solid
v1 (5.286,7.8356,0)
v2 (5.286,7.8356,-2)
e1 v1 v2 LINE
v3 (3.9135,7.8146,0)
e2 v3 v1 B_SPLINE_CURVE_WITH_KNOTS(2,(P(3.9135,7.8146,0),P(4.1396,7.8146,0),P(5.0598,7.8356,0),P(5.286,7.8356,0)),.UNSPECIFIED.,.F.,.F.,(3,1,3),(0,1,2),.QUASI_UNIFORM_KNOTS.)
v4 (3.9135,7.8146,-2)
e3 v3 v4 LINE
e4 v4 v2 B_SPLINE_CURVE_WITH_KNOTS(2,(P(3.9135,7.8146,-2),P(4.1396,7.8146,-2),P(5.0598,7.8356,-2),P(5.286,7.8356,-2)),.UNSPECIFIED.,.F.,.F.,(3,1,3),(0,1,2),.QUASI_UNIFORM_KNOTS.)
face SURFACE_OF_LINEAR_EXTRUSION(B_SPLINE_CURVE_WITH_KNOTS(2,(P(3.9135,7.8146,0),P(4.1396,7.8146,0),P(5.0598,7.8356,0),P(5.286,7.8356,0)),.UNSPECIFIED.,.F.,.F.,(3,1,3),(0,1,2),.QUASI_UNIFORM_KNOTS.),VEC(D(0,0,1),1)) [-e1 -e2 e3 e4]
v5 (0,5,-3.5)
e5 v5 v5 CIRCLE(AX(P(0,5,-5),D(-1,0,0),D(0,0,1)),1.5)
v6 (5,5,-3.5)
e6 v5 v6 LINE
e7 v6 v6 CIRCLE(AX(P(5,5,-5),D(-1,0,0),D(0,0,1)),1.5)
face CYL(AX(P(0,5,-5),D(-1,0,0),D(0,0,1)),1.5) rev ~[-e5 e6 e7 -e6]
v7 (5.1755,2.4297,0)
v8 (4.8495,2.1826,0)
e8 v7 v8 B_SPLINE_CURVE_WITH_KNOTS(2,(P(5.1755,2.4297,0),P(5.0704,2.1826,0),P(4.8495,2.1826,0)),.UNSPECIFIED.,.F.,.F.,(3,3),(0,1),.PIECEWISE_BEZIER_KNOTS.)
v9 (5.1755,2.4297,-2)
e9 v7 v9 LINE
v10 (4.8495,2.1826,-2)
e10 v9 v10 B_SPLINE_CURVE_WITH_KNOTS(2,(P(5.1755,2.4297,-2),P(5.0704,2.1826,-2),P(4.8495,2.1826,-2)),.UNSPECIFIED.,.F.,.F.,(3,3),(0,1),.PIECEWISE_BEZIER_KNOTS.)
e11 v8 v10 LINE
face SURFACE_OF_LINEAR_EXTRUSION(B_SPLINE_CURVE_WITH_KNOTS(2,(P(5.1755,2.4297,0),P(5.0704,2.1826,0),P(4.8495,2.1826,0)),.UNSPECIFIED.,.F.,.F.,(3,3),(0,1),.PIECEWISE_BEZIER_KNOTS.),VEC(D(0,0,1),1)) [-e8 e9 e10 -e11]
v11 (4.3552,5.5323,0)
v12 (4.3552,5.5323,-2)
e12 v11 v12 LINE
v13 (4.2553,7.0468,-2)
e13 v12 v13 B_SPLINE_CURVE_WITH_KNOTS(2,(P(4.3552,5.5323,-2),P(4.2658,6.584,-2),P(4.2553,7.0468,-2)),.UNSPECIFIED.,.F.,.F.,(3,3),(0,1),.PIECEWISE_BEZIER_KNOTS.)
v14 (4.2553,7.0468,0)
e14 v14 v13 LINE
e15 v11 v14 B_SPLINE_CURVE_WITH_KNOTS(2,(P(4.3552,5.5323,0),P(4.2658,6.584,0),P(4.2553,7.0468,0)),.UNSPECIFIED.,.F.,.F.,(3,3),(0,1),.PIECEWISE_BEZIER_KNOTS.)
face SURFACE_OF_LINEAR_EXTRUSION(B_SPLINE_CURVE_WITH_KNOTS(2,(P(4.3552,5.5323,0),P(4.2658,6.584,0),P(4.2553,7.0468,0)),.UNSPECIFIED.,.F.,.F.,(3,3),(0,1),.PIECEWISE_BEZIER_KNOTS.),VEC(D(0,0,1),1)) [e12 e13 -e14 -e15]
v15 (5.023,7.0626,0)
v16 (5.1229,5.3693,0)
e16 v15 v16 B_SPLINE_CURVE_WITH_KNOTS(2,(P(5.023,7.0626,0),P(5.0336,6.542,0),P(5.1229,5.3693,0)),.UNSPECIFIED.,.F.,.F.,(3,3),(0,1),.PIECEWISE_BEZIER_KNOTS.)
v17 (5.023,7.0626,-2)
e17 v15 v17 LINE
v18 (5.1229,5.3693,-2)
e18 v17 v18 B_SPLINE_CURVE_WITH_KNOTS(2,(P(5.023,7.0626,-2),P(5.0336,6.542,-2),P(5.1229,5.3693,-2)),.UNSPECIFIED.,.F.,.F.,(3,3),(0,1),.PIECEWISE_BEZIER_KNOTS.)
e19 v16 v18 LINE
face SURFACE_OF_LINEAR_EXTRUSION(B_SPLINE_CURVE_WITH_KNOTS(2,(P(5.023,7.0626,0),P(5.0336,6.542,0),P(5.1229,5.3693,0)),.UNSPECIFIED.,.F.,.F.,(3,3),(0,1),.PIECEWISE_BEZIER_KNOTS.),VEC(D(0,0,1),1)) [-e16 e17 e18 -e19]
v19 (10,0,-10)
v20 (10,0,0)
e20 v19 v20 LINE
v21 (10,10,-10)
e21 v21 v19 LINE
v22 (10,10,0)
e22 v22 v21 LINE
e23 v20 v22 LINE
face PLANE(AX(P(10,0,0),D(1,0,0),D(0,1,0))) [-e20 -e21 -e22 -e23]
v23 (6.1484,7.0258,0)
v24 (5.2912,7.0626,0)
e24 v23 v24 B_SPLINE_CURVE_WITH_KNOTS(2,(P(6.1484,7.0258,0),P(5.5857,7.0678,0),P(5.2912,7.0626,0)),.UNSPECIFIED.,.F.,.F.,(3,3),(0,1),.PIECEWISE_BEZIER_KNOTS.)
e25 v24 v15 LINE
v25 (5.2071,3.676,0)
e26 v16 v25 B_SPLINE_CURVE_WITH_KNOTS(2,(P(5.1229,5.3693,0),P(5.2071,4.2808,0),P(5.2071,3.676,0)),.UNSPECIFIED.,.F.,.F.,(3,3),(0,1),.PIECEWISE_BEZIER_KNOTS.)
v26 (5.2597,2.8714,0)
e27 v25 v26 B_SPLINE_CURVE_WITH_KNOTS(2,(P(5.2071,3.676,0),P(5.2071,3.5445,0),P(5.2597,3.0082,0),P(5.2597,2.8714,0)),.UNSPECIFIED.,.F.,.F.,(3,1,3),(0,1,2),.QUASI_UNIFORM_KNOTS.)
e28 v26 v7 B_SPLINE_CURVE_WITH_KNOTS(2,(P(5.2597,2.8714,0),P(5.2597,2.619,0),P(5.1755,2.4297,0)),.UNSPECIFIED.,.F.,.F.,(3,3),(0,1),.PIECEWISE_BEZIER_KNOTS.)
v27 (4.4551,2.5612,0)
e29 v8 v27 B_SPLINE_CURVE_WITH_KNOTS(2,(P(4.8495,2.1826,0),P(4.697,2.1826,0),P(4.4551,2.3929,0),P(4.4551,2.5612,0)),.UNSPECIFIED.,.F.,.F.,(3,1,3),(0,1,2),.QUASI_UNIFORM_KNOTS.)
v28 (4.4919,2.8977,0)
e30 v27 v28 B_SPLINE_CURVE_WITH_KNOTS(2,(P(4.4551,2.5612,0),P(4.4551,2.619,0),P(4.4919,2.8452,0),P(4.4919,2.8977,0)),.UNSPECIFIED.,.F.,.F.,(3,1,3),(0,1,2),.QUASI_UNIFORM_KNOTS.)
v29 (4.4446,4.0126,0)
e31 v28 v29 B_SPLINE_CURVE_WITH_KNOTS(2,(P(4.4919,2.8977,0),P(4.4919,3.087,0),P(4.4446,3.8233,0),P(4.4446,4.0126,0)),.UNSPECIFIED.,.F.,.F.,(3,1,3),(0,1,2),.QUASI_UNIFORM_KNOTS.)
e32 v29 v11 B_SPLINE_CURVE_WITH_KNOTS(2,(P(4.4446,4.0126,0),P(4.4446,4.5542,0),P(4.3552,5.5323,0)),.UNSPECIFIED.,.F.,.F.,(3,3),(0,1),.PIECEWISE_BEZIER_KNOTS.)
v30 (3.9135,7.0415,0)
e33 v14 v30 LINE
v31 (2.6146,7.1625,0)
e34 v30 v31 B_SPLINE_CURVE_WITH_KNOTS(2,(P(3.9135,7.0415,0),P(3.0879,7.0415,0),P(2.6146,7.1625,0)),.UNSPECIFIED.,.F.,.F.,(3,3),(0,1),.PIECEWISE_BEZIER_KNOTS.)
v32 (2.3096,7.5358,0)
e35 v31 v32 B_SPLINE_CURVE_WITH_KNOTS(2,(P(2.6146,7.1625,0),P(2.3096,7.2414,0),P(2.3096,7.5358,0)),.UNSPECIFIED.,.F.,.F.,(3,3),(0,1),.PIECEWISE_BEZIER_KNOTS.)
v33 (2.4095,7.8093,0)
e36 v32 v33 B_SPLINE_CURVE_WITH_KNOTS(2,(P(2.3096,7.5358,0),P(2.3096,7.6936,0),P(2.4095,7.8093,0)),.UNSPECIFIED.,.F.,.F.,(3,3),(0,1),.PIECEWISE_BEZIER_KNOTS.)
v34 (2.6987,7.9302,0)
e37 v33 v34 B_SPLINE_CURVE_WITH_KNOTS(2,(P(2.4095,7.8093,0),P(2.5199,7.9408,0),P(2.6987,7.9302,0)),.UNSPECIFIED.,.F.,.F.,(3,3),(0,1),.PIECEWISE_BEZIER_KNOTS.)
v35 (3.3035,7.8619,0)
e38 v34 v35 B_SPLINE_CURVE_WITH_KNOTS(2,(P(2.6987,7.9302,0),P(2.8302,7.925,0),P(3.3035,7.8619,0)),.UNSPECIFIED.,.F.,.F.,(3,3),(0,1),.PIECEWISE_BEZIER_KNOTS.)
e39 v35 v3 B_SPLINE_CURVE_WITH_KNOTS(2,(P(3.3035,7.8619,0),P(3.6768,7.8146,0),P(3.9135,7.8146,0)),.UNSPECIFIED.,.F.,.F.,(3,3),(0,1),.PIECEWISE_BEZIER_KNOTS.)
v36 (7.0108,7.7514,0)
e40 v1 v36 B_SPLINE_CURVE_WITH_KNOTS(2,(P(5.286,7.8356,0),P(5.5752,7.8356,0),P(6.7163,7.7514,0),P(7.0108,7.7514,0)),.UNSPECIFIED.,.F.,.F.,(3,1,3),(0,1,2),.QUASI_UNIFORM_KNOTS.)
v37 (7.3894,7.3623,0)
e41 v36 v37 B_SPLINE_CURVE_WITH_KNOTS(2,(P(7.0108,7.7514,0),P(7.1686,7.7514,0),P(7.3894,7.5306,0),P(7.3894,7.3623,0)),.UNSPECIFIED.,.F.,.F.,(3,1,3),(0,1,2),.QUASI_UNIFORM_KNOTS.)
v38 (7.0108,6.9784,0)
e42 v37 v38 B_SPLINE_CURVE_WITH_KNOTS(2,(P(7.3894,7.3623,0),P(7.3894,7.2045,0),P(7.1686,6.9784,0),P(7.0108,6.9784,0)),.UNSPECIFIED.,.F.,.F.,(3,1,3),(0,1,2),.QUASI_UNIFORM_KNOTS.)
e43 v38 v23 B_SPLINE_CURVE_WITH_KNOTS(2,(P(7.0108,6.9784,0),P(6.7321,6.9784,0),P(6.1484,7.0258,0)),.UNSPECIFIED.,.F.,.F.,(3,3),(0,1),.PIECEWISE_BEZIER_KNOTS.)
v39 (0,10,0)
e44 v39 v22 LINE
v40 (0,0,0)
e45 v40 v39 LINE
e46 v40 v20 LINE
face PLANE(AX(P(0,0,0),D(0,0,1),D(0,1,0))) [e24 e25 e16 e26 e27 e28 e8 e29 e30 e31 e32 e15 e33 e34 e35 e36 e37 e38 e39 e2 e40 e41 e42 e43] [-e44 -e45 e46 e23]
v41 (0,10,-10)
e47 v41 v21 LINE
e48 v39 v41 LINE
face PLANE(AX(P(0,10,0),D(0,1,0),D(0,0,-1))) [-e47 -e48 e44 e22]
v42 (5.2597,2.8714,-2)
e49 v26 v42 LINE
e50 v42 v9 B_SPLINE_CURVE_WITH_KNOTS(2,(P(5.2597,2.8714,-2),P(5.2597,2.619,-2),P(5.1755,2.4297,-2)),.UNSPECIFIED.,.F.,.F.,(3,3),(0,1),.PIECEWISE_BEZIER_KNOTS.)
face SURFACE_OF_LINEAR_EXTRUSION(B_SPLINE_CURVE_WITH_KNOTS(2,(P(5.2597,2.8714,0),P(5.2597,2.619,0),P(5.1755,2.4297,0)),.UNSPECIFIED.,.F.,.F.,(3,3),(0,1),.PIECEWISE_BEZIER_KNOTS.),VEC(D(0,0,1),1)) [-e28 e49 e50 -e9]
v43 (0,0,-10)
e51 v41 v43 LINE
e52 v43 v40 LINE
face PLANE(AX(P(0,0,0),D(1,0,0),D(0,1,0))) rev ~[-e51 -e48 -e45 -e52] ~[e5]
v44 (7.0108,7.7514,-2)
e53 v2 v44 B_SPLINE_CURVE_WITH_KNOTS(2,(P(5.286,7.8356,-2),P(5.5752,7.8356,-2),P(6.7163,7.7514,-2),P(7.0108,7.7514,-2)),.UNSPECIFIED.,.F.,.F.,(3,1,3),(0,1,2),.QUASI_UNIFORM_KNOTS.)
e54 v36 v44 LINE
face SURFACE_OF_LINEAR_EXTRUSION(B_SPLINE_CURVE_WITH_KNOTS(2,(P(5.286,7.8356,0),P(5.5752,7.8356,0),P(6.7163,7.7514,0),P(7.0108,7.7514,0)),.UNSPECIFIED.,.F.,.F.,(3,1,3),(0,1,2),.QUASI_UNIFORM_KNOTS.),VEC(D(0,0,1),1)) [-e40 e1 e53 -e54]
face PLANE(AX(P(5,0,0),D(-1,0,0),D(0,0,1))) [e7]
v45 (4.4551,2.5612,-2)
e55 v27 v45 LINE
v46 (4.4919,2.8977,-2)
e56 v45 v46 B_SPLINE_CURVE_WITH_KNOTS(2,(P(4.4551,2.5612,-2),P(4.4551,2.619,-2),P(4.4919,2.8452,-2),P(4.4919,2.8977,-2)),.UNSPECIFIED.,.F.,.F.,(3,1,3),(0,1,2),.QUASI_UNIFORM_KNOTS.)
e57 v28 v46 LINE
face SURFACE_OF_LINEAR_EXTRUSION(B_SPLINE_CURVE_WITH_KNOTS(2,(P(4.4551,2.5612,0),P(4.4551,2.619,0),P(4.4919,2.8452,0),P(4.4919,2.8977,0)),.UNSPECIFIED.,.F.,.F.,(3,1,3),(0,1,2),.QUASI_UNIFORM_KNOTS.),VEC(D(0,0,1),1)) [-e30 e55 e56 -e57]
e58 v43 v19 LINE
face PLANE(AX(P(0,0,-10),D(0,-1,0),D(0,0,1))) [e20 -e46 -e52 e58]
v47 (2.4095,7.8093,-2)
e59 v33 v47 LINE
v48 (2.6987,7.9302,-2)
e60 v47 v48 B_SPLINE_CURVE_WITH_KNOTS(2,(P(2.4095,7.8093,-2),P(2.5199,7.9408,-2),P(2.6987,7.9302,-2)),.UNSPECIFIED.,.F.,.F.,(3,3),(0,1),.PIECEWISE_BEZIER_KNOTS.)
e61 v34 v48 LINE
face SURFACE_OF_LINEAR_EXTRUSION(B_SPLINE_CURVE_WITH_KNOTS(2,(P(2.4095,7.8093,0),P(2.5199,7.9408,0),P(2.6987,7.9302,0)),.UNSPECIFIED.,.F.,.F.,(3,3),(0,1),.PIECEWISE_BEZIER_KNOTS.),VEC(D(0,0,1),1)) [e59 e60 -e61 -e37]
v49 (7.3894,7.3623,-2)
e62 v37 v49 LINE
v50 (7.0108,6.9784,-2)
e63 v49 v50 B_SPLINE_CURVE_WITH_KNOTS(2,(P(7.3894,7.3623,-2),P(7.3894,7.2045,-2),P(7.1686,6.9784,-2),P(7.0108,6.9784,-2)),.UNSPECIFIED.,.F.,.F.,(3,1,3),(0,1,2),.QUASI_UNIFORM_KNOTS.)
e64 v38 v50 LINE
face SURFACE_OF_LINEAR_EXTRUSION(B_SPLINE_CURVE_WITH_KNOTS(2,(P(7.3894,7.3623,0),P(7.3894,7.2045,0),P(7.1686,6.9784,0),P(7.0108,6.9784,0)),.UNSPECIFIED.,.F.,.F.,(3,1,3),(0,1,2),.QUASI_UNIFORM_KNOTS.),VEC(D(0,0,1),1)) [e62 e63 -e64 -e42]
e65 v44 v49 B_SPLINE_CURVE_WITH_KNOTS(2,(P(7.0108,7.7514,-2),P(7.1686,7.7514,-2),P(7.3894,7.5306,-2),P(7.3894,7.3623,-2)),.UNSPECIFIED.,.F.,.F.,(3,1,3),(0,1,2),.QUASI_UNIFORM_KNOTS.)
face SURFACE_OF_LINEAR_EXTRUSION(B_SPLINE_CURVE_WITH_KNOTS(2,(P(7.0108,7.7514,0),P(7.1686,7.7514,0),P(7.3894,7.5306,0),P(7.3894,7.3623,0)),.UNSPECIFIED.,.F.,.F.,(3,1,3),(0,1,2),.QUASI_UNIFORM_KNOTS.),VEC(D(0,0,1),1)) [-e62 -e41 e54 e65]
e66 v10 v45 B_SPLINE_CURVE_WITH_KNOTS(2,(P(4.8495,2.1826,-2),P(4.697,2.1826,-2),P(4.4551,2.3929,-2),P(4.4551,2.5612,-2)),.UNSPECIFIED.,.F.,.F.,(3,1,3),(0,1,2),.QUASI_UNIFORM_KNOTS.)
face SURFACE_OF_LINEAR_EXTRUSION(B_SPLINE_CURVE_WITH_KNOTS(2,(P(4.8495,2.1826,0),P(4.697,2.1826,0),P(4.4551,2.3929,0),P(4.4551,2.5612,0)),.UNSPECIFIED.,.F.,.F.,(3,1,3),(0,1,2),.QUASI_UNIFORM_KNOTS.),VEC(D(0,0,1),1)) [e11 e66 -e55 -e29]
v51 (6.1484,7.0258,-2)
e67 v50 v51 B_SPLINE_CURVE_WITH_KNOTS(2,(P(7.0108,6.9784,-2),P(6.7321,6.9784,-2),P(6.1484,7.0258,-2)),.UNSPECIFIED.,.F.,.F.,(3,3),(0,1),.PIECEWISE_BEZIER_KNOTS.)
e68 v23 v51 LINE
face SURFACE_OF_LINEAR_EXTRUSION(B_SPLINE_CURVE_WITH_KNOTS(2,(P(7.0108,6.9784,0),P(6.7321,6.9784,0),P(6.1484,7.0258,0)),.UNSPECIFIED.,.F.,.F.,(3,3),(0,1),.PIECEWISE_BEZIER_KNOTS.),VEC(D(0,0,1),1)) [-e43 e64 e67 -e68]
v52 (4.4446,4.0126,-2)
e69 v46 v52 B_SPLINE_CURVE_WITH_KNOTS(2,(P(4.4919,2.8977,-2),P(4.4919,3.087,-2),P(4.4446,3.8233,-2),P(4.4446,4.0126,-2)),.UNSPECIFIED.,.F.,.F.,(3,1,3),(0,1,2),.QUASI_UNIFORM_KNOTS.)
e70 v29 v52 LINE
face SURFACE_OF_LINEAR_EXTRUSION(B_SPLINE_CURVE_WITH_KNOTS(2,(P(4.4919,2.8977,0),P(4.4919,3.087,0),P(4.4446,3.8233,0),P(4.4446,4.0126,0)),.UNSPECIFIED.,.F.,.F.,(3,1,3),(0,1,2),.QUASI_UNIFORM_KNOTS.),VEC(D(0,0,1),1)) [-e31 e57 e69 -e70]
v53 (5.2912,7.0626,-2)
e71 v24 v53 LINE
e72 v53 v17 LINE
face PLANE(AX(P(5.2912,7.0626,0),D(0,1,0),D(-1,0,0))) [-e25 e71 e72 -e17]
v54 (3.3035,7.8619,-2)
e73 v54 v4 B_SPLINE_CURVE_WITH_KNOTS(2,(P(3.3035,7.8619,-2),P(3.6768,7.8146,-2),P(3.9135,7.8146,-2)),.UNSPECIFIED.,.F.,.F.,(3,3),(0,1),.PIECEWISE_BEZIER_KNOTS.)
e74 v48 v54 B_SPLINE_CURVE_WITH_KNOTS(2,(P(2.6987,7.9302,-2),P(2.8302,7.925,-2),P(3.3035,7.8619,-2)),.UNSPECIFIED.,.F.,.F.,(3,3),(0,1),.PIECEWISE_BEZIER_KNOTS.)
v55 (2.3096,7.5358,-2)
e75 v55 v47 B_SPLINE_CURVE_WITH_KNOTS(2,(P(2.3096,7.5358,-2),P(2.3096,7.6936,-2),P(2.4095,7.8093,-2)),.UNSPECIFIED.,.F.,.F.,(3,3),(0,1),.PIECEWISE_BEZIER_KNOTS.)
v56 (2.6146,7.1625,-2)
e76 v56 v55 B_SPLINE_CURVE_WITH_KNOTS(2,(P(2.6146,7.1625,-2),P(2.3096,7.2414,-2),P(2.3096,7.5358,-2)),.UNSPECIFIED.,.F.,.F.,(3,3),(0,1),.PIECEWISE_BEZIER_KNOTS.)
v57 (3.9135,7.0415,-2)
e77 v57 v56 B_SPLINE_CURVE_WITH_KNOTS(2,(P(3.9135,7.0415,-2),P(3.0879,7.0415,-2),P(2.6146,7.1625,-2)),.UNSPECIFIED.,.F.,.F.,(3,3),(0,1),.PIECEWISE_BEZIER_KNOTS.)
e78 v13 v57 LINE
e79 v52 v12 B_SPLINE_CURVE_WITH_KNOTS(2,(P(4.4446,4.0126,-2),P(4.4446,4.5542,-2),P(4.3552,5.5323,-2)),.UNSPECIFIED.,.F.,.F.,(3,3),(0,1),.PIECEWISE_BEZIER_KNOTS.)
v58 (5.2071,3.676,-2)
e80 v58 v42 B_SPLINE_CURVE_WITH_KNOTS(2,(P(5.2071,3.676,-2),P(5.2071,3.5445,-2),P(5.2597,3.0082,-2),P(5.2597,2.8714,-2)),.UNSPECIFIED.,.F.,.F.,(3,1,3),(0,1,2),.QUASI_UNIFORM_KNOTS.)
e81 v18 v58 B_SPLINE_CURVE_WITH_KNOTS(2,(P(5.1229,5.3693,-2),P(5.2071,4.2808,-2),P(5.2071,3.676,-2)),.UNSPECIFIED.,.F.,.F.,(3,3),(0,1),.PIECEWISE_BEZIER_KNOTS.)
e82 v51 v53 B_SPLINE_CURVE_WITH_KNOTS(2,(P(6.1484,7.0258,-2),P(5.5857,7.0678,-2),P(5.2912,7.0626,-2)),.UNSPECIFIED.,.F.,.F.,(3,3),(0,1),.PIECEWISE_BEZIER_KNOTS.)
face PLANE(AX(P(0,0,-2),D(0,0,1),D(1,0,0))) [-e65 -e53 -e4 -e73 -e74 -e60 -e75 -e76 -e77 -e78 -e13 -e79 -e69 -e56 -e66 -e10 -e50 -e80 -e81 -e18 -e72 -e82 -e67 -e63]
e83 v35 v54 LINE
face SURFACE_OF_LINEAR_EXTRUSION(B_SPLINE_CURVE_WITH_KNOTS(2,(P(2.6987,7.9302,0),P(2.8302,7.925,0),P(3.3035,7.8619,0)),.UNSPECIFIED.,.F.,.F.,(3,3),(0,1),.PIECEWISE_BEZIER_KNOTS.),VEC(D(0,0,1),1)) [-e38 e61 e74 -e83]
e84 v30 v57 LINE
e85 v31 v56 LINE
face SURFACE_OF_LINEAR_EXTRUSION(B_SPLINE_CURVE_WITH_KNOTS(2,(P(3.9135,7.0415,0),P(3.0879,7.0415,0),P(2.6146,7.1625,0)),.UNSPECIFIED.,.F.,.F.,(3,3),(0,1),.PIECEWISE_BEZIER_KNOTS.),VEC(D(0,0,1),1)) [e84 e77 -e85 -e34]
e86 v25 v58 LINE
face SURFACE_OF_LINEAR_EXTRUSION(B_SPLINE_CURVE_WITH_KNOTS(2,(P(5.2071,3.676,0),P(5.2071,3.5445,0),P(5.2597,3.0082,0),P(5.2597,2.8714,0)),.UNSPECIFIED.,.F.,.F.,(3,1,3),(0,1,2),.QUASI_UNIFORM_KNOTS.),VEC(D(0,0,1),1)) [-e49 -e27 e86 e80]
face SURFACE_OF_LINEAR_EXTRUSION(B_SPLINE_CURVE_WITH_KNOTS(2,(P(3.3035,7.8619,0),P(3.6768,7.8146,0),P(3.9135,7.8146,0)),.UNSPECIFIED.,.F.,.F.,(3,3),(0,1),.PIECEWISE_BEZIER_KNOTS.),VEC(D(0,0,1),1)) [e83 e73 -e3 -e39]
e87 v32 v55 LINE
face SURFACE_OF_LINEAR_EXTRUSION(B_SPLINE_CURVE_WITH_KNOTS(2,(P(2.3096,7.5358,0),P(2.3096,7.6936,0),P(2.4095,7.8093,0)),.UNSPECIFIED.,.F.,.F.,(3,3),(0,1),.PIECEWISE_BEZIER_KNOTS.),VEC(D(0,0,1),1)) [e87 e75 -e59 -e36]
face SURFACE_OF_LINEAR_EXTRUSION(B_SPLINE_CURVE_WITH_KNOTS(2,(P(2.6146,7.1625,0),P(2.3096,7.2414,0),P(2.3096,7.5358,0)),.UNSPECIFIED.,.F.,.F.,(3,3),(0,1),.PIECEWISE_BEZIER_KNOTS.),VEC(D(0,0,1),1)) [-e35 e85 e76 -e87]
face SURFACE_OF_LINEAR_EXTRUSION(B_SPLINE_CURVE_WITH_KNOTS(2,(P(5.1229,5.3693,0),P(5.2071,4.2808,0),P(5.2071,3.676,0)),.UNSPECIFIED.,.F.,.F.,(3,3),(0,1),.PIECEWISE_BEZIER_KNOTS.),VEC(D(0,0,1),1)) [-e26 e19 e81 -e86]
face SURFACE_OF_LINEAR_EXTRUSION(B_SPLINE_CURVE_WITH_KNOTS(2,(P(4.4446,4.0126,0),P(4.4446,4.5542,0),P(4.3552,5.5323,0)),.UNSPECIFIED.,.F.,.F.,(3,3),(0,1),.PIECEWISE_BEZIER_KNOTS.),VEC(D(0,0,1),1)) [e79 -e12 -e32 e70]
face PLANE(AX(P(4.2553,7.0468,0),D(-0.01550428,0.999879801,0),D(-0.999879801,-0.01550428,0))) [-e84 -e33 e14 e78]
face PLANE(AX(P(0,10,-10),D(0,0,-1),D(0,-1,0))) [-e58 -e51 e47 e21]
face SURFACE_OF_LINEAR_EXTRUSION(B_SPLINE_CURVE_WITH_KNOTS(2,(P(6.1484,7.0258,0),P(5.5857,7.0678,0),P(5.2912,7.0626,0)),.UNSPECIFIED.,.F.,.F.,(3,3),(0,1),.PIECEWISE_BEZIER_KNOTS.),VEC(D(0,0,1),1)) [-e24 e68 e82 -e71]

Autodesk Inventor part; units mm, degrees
ref_plane "YZ Plane" through (0, 0, 0) normal (1, 0, 0) x (0, 1, 0)
ref_plane "XZ Plane" through (0, 0, 0) normal (0, 1, 0) x (-1, 0, 0)
ref_plane "XY Plane" through (0, 0, 0) normal (0, 0, 1) x (1, 0, 0)
sketch "Sketch1" plane through (0, 0, 0) normal (1, 0, 0) x (0, 1, 0)
  line L0 (0, 0) -> (10, 0)
  line L1 (10, 0) -> (10, -10)
  line L2 (10, -10) -> (0, -10)
  line L3 (0, -10) -> (0, 0)
  dimension "d0" = 10
  dimension "d1" = 10
extrude "Extrusion1" add sketch "Sketch1" along normal blind 10
sketch "Sketch3" plane through (0, 0, 0) normal (-1, 0, 0) x (0, 0, 1)
  circle A0 centre (-5, 5) radius 1.5
  point P0 (0, 0)
extrude "Extrusion3" cut sketch "Sketch3" against normal blind 5
sketch "Sketch4" plane through (0, 0, 0) normal (0, 0, 1) x (1, 0, 0)
  line L0 (1.8731, 7.9408) -> (4.4271, 7.9408) construction
  line L1 (4.4271, 7.9408) -> (4.4271, 4.8928) construction
  line L2 (4.4271, 4.8928) -> (1.8731, 4.8928) construction
  line L3 (1.8731, 4.8928) -> (1.8731, 7.9408) construction
  spline S0 degree 2 poles (7.0108, 6.9784) (6.7321, 6.9784) (6.1484, 7.0258) knots 0 0 0 1 1 1
  spline S1 degree 2 poles (6.1484, 7.0258) (5.5857, 7.0678) (5.2912, 7.0626) knots 0 0 0 1 1 1
  line L4 (5.2912, 7.0626) -> (5.023, 7.0626)
  spline S2 degree 2 poles (5.023, 7.0626) (5.0336, 6.542) (5.1229, 5.3693) knots 0 0 0 1 1 1
  spline S3 degree 2 poles (5.1229, 5.3693) (5.2071, 4.2808) (5.2071, 3.676) knots 0 0 0 1 1 1
  spline S4 degree 2 poles (5.2071, 3.676) (5.2071, 3.5445) (5.2597, 3.0082) (5.2597, 2.8714) knots 0 0 0 1 2 2 2
  spline S5 degree 2 poles (5.2597, 2.8714) (5.2597, 2.619) (5.1755, 2.4297) knots 0 0 0 1 1 1
  spline S6 degree 2 poles (5.1755, 2.4297) (5.0704, 2.1826) (4.8495, 2.1826) knots 0 0 0 1 1 1
  spline S7 degree 2 poles (4.8495, 2.1826) (4.697, 2.1826) (4.4551, 2.3929) (4.4551, 2.5612) knots 0 0 0 1 2 2 2
  spline S8 degree 2 poles (4.4551, 2.5612) (4.4551, 2.619) (4.4919, 2.8452) (4.4919, 2.8977) knots 0 0 0 1 2 2 2
  spline S9 degree 2 poles (4.4919, 2.8977) (4.4919, 3.087) (4.4446, 3.8233) (4.4446, 4.0126) knots 0 0 0 1 2 2 2
  spline S10 degree 2 poles (4.4446, 4.0126) (4.4446, 4.5542) (4.3552, 5.5323) knots 0 0 0 1 1 1
  spline S11 degree 2 poles (4.3552, 5.5323) (4.2658, 6.584) (4.2553, 7.0468) knots 0 0 0 1 1 1
  line L5 (4.2553, 7.0468) -> (3.9135, 7.0415)
  spline S12 degree 2 poles (3.9135, 7.0415) (3.0879, 7.0415) (2.6146, 7.1625) knots 0 0 0 1 1 1
  spline S13 degree 2 poles (2.6146, 7.1625) (2.3096, 7.2414) (2.3096, 7.5358) knots 0 0 0 1 1 1
  spline S14 degree 2 poles (2.3096, 7.5358) (2.3096, 7.6936) (2.4095, 7.8093) knots 0 0 0 1 1 1
  spline S15 degree 2 poles (2.4095, 7.8093) (2.5199, 7.9408) (2.6987, 7.9302) knots 0 0 0 1 1 1
  spline S16 degree 2 poles (2.6987, 7.9302) (2.8302, 7.925) (3.3035, 7.8619) knots 0 0 0 1 1 1
  spline S17 degree 2 poles (3.3035, 7.8619) (3.6768, 7.8146) (3.9135, 7.8146) knots 0 0 0 1 1 1
  spline S18 degree 2 poles (3.9135, 7.8146) (4.1396, 7.8146) (5.0598, 7.8356) (5.286, 7.8356) knots 0 0 0 1 2 2 2
  spline S19 degree 2 poles (5.286, 7.8356) (5.5752, 7.8356) (6.7163, 7.7514) (7.0108, 7.7514) knots 0 0 0 1 2 2 2
  spline S20 degree 2 poles (7.0108, 7.7514) (7.1686, 7.7514) (7.3894, 7.5306) (7.3894, 7.3623) knots 0 0 0 1 2 2 2
  spline S21 degree 2 poles (7.3894, 7.3623) (7.3894, 7.2045) (7.1686, 6.9784) (7.0108, 6.9784) knots 0 0 0 1 2 2 2
  point P0 (0, 0)
extrude "Extrusion4" cut sketch "Sketch4" against normal blind 2
properties part number "Thymine1"
